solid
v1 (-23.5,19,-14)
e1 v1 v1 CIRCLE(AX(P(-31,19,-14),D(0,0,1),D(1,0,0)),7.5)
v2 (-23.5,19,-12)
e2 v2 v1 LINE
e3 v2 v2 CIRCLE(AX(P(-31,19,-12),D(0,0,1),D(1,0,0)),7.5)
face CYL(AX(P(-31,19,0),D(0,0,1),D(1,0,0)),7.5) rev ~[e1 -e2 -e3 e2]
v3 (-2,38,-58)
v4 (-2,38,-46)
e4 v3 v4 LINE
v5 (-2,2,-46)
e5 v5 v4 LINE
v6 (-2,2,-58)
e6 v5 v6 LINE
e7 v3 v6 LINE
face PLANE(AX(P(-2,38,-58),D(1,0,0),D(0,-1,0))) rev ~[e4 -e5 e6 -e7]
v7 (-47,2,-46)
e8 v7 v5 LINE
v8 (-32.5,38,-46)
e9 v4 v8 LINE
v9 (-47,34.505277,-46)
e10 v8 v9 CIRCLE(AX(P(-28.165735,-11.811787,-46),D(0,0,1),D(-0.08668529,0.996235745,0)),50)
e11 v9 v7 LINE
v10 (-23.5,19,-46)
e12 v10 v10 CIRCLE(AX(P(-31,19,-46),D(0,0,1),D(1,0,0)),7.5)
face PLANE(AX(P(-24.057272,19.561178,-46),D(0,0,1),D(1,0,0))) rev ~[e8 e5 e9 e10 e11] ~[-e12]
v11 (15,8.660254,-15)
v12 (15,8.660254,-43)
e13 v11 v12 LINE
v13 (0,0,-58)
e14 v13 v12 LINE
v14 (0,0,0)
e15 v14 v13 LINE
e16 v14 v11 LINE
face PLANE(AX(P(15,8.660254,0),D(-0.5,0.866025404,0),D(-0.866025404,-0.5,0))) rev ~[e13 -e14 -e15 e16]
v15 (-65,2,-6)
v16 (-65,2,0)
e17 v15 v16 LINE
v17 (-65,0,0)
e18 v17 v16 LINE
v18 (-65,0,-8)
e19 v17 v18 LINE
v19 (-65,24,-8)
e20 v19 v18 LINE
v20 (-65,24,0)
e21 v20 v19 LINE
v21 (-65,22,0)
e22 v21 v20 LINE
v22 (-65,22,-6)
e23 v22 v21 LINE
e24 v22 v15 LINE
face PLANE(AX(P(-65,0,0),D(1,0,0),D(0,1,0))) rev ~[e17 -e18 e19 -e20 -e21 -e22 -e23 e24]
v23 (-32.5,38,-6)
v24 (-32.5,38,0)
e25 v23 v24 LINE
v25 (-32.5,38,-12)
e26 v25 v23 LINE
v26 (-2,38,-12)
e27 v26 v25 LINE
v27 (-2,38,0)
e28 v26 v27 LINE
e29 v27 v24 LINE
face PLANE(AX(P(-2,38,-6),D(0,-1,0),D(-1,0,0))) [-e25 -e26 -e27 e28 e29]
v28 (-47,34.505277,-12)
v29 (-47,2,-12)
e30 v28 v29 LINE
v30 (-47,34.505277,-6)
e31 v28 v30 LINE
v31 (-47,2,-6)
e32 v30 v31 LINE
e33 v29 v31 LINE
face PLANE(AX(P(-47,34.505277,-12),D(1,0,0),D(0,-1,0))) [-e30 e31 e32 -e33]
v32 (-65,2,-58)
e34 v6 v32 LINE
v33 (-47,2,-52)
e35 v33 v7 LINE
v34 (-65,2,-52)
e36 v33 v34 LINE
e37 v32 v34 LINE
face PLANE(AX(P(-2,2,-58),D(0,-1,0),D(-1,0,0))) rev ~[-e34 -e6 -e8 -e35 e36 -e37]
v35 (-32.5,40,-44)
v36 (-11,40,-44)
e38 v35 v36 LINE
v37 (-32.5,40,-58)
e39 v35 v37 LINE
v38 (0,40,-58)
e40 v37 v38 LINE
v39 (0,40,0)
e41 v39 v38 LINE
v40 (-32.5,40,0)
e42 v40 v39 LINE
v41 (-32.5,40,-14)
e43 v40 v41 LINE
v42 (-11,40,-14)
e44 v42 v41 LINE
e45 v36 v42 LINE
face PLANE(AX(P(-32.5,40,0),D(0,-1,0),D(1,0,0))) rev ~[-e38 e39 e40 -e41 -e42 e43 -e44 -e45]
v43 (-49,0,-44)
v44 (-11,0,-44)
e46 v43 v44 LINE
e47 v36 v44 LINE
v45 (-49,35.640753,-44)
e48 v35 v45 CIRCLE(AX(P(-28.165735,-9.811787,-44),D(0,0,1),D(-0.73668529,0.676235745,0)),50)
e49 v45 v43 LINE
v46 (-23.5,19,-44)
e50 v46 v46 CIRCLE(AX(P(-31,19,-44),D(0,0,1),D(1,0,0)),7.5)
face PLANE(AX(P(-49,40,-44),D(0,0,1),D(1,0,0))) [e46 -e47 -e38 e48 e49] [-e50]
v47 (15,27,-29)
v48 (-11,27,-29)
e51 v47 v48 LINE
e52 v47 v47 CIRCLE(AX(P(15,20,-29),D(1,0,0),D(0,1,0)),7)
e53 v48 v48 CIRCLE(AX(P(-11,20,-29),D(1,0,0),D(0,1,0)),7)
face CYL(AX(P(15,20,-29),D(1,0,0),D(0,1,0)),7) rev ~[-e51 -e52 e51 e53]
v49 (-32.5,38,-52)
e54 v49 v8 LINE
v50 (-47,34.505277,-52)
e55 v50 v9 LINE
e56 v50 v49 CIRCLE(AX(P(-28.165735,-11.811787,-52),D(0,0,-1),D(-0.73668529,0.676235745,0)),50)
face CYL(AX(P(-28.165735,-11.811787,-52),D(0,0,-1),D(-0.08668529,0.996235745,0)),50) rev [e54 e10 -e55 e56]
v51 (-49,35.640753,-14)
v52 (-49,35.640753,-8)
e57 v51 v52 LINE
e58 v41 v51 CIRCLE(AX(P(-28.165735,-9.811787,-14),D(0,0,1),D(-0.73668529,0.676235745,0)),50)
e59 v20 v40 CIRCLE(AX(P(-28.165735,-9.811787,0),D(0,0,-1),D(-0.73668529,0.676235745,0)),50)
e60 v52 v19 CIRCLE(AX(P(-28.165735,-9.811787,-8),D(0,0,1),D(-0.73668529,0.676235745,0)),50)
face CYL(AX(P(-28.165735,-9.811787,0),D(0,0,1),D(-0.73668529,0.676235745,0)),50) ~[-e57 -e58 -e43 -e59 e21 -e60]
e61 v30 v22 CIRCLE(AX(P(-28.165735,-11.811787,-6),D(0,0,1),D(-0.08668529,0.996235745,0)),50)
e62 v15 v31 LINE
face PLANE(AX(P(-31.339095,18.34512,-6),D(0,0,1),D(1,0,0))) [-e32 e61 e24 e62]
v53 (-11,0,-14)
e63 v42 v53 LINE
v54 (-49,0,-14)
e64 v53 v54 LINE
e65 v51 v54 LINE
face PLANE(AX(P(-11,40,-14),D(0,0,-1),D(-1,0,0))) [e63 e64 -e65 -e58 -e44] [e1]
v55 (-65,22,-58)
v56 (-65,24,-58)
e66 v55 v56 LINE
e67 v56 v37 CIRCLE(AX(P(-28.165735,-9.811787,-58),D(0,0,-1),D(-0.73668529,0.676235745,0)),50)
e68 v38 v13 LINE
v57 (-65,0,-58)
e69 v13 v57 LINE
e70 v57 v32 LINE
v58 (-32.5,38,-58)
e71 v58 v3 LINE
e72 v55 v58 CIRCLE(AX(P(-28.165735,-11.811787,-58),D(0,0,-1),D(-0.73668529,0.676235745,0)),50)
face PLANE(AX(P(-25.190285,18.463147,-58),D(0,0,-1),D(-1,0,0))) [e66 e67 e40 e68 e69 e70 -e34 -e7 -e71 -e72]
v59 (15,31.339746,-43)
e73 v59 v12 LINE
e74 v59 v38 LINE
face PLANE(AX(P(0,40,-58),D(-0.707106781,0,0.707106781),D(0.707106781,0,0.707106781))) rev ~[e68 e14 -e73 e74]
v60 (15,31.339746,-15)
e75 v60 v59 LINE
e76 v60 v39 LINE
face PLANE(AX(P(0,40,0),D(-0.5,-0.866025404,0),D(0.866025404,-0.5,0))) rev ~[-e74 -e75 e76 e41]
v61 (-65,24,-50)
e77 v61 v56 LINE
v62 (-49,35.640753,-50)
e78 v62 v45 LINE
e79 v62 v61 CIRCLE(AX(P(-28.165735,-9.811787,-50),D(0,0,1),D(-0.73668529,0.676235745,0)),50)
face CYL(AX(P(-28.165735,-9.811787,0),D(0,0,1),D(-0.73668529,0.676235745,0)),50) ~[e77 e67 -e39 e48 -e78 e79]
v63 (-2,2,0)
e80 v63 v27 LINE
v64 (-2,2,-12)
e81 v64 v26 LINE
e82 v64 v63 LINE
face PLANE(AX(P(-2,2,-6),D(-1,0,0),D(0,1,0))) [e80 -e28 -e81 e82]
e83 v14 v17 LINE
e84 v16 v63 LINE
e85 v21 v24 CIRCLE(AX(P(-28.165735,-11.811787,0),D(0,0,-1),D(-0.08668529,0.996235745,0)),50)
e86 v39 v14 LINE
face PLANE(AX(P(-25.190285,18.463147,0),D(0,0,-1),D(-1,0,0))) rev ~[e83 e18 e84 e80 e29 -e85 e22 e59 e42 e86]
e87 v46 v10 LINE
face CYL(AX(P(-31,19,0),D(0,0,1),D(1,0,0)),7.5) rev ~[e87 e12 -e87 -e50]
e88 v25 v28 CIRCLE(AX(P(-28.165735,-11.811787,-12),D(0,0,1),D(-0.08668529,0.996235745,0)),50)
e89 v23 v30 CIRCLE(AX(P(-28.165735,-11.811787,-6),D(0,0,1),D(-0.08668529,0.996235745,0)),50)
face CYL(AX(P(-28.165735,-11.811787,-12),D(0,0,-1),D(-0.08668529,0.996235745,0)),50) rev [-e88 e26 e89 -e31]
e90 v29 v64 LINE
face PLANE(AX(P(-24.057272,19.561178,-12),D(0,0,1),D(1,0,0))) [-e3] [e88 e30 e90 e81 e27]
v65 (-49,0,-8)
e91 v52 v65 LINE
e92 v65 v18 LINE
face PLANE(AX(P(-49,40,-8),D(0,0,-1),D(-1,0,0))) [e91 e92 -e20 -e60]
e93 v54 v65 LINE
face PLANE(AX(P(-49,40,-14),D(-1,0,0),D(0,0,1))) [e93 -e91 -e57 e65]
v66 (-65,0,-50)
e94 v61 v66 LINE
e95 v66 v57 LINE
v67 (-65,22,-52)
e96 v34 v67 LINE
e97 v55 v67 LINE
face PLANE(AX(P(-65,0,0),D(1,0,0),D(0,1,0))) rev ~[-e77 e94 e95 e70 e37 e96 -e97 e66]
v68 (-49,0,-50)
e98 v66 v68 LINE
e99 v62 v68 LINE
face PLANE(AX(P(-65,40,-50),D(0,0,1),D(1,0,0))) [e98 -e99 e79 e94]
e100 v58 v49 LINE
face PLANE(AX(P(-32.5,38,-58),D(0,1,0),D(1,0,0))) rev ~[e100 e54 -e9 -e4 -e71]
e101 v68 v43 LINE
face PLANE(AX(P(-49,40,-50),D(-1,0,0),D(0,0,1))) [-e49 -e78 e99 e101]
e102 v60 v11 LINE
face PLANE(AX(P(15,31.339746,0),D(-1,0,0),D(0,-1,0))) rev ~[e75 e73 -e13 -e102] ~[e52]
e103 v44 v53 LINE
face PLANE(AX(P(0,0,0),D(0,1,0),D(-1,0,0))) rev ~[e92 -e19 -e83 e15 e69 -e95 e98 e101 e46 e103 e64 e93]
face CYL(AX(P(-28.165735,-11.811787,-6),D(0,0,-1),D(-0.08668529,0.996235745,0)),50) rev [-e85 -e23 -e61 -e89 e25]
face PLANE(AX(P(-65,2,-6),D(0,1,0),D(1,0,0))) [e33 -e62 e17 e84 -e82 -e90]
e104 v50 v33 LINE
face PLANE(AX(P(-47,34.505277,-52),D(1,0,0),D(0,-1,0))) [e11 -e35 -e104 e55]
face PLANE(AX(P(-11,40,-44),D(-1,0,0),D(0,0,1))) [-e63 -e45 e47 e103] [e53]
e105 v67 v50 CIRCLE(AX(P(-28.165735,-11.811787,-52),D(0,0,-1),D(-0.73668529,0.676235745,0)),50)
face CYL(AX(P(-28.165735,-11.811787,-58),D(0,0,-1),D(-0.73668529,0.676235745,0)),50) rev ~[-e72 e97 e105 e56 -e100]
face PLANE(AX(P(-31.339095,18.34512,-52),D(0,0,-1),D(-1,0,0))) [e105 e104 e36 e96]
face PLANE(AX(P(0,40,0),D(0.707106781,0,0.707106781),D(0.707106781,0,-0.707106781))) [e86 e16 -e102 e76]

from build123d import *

# Parameters (mm, degrees)
SKETCH1_R               = 7.5
BOSS_EXTRUDE1_DEPTH     = 58
CUT_EXTRUDE1_DEPTH      = 58
SKETCH4_R               = 7
CUT_EXTRUDE2_DEPTH      = 58
CUT_EXTRUDE3_DEPTH      = 96.859271852
CUT_EXTRUDE3_DEPTH_BACK = 6
SKETCH5_R               = 7.5
CUT_EXTRUDE5_START      = -6
CUT_EXTRUDE5_DEPTH      = 6
CUT_EXTRUDE6_DEPTH      = 6
CUT_EXTRUDE7_DEPTH      = 6


with BuildPart() as part:
    # Sketch1 → Boss-Extrude1 (new body)
    with BuildSketch(Plane.XY):
        with BuildLine():
            Line((0, 0), (-65, 0))
            Line((-65, 0), (-65, 24))
            ThreePointArc((-65, 24), (-50.249936753, 35.04674653), (-32.5, 40))
            Line((-32.5, 40), (0, 40))
            Line((0, 40), (15, 31.339745962))
            Line((15, 31.339745962), (15, 8.660254038))
            Line((15, 8.660254038), (0, 0))
        make_face()
        with Locations((-31, 19)):
            Circle(SKETCH1_R, mode=Mode.SUBTRACT)
    extrude(amount=-BOSS_EXTRUDE1_DEPTH)

    # Sketch3 → Cut-Extrude1 (cut)
    with BuildSketch(Plane(origin=(0, 40, 0), x_dir=(1, 0, 0), z_dir=(0, 1, 0))):
        Polygon((-65, 50), (-49, 50), (-49, 44), (-11, 44), (-11, 14), (-49, 14), (-49, 8), (-65, 8), align=None)
        Polygon((0, 58), (15, 43), (15, 58), align=None)
        Polygon((0, 0), (15, 15), (15, 0), align=None)
    extrude(amount=-CUT_EXTRUDE1_DEPTH, mode=Mode.SUBTRACT)

    # Sketch4 → Cut-Extrude2 (cut)
    with BuildSketch(Plane(origin=(15, 0, 0), x_dir=(0, 0, -1), z_dir=(1, 0, 0))):
        with Locations(Location((29, 20, 0), (0, 0, 90))):
            Circle(SKETCH4_R)
    extrude(amount=-CUT_EXTRUDE2_DEPTH, mode=Mode.SUBTRACT)

    # Sketch5 → Cut-Extrude3 (cut, two sides: drawn at the far end of the back side and taken through both)
    with BuildSketch(Plane.XY.offset(-CUT_EXTRUDE3_DEPTH_BACK)):
        with BuildLine():
            Line((-65, 22), (-65, 2))
            Line((-65, 2), (-2, 2))
            Line((-2, 2), (-2, 38))
            Line((-2, 38), (-32.5, 38))
            ThreePointArc((-32.5, 38), (-50.249936753, 33.04674653), (-65, 22))
        make_face()
        with Locations((-31, 19)):
            Circle(SKETCH5_R, mode=Mode.SUBTRACT)
    extrude(amount=CUT_EXTRUDE3_DEPTH + CUT_EXTRUDE3_DEPTH_BACK, mode=Mode.SUBTRACT)

    # Sketch7 → Cut-Extrude5 (cut)
    with BuildSketch(Plane.XY.offset(-6).offset(CUT_EXTRUDE5_START)):
        with BuildLine():
            Line((-47, 34.505277409), (-47, 2))
            Line((-47, 2), (-2, 2))
            Line((-2, 2), (-2, 38))
            Line((-2, 38), (-32.5, 38))
            ThreePointArc((-32.5, 38), (-39.881044096, 36.796355507), (-47, 34.505277409))
        make_face()
    extrude(amount=CUT_EXTRUDE5_DEPTH, mode=Mode.SUBTRACT)

    # Sketch8 → Cut-Extrude6 (cut)
    with BuildSketch(Plane(origin=(0, 0, -58), x_dir=(-1, 0, 0), z_dir=(0, 0, -1))):
        with BuildLine():
            Line((2, 2), (65, 2))
            Line((65, 2), (65, 22))
            ThreePointArc((65, 22), (50.249936753, 33.04674653), (32.5, 38))
            Line((32.5, 38), (2, 38))
            Line((2, 38), (2, 2))
        make_face()
    extrude(amount=-CUT_EXTRUDE6_DEPTH, mode=Mode.SUBTRACT)

    # Sketch9 → Cut-Extrude7 (cut)
    with BuildSketch(Plane(origin=(0, 0, -52), x_dir=(-1, 0, 0), z_dir=(0, 0, -1))):
        with BuildLine():
            Line((47, 34.505277409), (47, 2))
            Line((47, 2), (2, 2))
            Line((2, 2), (2, 38))
            Line((2, 38), (32.5, 38))
            ThreePointArc((32.5, 38), (39.881044096, 36.796355507), (47, 34.505277409))
        make_face()
    extrude(amount=-CUT_EXTRUDE7_DEPTH, mode=Mode.SUBTRACT)


solid = part.part
